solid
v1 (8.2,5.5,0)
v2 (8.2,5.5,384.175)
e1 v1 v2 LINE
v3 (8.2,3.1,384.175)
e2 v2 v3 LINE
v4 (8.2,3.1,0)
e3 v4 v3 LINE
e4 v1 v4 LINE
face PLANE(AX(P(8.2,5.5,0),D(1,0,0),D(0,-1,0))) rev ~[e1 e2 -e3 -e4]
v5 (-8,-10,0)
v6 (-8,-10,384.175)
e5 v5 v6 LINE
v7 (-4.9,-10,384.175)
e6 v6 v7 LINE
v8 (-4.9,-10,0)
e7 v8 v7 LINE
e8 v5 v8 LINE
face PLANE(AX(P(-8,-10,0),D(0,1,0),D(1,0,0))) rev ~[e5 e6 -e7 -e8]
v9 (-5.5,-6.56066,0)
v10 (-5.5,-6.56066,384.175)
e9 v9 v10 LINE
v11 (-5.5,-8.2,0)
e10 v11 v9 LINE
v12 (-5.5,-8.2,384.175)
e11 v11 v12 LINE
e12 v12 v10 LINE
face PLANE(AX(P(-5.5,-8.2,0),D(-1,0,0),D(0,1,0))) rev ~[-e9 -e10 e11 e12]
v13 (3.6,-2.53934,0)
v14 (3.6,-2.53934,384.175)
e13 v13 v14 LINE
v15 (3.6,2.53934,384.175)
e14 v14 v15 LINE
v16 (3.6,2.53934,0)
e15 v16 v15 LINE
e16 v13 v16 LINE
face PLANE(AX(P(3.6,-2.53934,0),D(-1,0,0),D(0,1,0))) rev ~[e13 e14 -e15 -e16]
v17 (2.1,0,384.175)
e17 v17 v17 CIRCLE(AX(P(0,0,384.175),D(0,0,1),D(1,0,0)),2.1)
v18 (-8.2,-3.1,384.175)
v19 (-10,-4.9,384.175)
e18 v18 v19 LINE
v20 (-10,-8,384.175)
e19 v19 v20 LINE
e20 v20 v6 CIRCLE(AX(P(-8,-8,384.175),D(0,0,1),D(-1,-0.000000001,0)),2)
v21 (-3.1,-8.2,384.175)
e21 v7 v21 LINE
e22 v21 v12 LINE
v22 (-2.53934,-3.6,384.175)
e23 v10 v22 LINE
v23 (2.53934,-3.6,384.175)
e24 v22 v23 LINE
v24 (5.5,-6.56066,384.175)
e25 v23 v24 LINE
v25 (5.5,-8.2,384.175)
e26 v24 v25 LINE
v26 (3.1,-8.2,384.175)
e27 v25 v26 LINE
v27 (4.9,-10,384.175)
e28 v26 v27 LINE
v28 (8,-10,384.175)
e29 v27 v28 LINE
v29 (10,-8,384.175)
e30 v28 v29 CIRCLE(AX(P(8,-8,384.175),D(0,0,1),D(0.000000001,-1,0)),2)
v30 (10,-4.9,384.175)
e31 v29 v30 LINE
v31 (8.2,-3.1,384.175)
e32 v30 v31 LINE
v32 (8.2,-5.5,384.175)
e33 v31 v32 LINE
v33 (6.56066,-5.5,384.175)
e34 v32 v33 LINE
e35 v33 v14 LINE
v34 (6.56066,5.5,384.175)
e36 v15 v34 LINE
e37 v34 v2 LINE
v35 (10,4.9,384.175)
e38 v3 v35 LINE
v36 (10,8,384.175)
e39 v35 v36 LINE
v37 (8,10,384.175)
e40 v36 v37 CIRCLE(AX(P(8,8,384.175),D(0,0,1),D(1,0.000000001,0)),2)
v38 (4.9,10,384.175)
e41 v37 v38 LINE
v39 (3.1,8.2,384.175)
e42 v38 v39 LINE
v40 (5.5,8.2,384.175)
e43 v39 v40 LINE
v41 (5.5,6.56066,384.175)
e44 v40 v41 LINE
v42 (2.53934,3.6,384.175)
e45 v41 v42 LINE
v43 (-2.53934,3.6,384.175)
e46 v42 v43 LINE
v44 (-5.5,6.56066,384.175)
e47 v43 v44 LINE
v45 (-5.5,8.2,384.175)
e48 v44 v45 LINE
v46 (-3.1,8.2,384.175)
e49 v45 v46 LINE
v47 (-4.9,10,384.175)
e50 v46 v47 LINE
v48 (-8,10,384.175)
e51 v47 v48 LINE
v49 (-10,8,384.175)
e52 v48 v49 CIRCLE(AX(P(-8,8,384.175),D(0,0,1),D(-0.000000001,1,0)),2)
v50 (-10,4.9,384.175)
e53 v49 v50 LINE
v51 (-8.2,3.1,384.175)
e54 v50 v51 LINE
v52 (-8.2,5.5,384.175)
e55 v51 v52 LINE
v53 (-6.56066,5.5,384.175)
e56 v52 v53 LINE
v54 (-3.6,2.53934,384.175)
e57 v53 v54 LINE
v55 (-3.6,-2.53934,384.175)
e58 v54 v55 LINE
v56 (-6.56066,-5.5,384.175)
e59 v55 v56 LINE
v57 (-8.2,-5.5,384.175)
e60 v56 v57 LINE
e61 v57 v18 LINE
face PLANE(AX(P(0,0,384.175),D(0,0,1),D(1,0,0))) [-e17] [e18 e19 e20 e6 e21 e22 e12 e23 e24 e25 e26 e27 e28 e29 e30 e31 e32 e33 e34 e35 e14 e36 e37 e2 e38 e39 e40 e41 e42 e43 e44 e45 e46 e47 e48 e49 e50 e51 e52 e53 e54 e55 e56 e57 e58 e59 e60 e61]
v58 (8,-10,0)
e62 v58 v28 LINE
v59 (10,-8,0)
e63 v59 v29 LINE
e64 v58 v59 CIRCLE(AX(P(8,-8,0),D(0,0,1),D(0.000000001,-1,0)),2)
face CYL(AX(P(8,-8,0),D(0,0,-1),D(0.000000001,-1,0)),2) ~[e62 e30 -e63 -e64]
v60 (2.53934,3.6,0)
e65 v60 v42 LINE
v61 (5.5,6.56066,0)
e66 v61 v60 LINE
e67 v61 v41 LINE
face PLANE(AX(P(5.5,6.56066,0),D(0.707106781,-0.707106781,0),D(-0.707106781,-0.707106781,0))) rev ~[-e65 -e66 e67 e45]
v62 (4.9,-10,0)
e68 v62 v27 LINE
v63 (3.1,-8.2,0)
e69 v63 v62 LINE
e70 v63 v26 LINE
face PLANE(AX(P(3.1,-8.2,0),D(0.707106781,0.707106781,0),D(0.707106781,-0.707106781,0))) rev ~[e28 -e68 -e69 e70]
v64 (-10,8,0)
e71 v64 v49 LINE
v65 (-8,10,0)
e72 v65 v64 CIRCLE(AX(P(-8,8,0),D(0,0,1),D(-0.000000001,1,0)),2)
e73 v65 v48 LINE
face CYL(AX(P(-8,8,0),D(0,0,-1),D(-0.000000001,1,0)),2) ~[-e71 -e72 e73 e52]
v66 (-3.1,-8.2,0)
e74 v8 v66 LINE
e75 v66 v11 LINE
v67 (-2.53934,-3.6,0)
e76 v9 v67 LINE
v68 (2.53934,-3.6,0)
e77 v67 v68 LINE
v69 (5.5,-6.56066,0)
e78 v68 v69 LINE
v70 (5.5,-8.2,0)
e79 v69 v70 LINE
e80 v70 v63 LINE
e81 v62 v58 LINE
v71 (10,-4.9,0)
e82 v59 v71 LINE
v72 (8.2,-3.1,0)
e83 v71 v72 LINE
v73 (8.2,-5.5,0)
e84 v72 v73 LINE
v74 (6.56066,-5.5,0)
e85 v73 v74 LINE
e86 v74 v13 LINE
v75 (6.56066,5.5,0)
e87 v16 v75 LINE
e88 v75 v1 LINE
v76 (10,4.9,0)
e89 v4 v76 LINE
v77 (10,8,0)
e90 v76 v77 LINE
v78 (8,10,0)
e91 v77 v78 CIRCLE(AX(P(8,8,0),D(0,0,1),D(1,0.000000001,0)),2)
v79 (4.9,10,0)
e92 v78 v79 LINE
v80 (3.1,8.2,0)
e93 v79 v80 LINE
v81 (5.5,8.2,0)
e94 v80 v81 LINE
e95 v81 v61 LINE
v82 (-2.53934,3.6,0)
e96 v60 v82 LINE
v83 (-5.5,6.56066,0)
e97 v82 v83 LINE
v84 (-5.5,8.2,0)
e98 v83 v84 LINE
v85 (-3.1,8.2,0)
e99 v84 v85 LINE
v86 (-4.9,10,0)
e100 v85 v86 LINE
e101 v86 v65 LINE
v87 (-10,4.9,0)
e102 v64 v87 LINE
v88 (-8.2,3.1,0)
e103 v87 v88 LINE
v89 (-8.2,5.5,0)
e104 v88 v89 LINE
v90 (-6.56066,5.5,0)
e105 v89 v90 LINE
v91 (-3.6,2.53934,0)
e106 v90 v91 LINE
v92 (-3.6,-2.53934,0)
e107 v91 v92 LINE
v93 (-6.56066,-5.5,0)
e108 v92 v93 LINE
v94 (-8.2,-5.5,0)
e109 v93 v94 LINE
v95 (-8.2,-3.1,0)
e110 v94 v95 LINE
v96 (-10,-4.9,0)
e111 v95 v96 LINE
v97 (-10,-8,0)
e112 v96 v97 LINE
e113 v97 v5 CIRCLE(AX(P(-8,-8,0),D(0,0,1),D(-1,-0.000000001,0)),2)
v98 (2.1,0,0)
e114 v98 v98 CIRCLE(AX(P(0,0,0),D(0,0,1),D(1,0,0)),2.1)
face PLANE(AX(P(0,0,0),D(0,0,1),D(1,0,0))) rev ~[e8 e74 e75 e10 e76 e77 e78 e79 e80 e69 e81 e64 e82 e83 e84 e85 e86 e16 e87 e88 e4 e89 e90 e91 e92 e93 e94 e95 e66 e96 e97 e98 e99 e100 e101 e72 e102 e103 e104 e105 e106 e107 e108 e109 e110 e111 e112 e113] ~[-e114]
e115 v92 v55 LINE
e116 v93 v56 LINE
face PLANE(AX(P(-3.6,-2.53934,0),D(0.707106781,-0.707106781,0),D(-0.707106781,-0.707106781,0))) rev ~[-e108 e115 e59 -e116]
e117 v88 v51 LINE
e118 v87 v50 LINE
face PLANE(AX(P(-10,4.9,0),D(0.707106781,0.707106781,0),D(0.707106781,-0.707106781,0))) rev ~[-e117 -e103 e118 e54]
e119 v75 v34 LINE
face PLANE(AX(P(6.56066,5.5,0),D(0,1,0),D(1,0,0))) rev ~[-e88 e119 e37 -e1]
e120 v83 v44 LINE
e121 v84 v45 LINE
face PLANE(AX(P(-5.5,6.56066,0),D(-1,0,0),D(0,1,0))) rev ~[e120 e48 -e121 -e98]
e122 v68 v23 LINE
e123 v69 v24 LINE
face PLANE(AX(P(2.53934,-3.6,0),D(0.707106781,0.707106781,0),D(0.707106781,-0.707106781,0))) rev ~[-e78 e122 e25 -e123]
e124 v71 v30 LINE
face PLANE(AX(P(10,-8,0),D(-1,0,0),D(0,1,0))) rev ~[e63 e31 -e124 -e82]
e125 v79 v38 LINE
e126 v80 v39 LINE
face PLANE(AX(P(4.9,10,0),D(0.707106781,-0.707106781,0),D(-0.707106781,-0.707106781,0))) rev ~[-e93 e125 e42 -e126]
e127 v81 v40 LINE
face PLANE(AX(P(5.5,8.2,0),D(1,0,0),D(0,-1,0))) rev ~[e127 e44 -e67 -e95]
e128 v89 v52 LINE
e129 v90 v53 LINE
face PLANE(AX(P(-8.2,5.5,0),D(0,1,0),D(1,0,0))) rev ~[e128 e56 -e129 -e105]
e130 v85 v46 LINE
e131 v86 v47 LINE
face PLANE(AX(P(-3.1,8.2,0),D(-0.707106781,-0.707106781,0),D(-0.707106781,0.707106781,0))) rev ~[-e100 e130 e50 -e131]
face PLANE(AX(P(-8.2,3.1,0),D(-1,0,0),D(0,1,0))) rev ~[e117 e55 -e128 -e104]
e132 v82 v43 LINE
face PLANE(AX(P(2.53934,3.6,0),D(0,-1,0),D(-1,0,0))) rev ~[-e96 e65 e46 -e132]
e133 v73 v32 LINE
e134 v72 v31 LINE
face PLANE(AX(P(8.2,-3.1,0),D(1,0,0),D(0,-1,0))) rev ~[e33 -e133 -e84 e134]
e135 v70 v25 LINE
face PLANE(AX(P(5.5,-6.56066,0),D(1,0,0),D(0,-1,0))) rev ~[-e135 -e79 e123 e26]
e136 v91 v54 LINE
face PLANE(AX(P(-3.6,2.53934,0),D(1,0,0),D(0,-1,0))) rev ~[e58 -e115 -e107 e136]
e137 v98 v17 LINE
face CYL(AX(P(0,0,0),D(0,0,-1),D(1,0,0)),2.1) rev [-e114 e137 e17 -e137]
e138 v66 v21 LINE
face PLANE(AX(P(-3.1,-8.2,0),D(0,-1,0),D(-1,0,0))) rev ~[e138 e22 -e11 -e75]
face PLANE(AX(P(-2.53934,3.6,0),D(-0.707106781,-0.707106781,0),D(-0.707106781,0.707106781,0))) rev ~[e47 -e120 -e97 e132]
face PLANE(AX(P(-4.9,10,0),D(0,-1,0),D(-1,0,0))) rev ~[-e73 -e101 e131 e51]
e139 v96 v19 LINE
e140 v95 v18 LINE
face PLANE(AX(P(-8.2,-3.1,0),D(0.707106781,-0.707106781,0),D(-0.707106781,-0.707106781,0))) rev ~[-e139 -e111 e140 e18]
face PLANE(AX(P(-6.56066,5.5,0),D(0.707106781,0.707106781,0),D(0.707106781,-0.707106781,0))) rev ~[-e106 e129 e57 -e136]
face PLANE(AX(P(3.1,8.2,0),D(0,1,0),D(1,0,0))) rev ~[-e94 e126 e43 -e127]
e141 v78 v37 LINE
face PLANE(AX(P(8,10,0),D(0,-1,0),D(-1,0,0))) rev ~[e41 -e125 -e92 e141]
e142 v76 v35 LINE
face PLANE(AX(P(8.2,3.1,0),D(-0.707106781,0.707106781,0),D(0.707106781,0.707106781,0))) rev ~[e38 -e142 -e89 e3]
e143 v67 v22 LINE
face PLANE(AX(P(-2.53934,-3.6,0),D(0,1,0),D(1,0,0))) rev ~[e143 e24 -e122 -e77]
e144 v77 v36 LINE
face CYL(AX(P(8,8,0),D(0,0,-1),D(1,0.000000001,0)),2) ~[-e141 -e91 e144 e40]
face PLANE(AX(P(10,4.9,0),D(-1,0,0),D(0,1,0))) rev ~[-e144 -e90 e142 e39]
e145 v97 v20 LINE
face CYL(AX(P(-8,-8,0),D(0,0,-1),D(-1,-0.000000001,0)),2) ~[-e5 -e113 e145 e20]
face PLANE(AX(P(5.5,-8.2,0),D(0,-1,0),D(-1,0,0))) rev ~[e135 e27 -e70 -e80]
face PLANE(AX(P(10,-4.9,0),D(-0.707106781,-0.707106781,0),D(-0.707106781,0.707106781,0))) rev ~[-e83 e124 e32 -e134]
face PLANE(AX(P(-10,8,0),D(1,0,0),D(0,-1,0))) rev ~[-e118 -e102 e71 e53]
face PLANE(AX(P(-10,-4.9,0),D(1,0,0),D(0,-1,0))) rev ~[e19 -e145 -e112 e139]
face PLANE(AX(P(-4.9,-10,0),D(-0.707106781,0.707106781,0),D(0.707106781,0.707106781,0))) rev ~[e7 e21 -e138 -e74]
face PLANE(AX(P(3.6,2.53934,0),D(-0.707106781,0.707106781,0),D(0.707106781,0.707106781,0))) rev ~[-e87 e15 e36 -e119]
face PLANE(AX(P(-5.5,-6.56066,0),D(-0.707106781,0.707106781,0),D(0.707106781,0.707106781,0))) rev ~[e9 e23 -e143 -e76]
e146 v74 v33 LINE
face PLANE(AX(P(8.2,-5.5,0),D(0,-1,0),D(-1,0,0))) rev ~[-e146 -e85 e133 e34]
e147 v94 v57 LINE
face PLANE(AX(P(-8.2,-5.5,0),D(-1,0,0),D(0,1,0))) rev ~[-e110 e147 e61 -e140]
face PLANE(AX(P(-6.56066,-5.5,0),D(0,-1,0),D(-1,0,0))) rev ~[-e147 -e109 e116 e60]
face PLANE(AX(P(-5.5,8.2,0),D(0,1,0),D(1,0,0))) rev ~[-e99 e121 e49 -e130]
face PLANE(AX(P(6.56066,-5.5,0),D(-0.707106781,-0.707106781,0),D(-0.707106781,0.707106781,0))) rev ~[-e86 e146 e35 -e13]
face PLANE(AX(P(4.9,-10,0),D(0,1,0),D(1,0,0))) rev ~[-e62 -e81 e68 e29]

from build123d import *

# Parameters (mm, degrees)
SKETCH1_R           = 2.1
BOSS_EXTRUDE1_DEPTH = 384.175


with BuildPart() as part:
    # Sketch1 → Boss-Extrude1 (new body)
    with BuildSketch(Plane.XY):
        with BuildLine():
            Line((-4.9, -10), (-3.1, -8.2))
            Line((-3.1, -8.2), (-5.5, -8.2))
            Line((-5.5, -8.2), (-5.5, -6.560660172))
            Line((-5.5, -6.560660172), (-2.539339828, -3.6))
            Line((-2.539339828, -3.6), (2.539339828, -3.6))
            Line((2.539339828, -3.6), (5.5, -6.560660172))
            Line((5.5, -6.560660172), (5.5, -8.2))
            Line((5.5, -8.2), (3.1, -8.2))
            Line((3.1, -8.2), (4.9, -10))
            Line((4.9, -10), (8, -10))
            ThreePointArc((8, -10), (9.414213562, -9.414213562), (10, -8))
            Line((10, -8), (10, -4.9))
            Line((10, -4.9), (8.2, -3.1))
            Line((8.2, -3.1), (8.2, -5.5))
            Line((8.2, -5.5), (6.560660172, -5.5))
            Line((6.560660172, -5.5), (3.6, -2.539339828))
            Line((3.6, -2.539339828), (3.6, 2.539339828))
            Line((3.6, 2.539339828), (6.560660172, 5.5))
            Line((6.560660172, 5.5), (8.2, 5.5))
            Line((8.2, 5.5), (8.2, 3.1))
            Line((8.2, 3.1), (10, 4.9))
            Line((10, 4.9), (10, 8))
            ThreePointArc((10, 8), (9.414213562, 9.414213562), (8, 10))
            Line((8, 10), (4.9, 10))
            Line((4.9, 10), (3.1, 8.2))
            Line((3.1, 8.2), (5.5, 8.2))
            Line((5.5, 8.2), (5.5, 6.560660172))
            Line((5.5, 6.560660172), (2.539339828, 3.6))
            Line((2.539339828, 3.6), (-2.539339828, 3.6))
            Line((-2.539339828, 3.6), (-5.5, 6.560660172))
            Line((-5.5, 6.560660172), (-5.5, 8.2))
            Line((-5.5, 8.2), (-3.1, 8.2))
            Line((-3.1, 8.2), (-4.9, 10))
            Line((-4.9, 10), (-8, 10))
            ThreePointArc((-8, 10), (-9.414213562, 9.414213562), (-10, 8))
            Line((-10, 8), (-10, 4.9))
            Line((-10, 4.9), (-8.2, 3.1))
            Line((-8.2, 3.1), (-8.2, 5.5))
            Line((-8.2, 5.5), (-6.560660172, 5.5))
            Line((-6.560660172, 5.5), (-3.6, 2.539339828))
            Line((-3.6, 2.539339828), (-3.6, -2.539339828))
            Line((-3.6, -2.539339828), (-6.560660172, -5.5))
            Line((-6.560660172, -5.5), (-8.2, -5.5))
            Line((-8.2, -5.5), (-8.2, -3.1))
            Line((-8.2, -3.1), (-10, -4.9))
            Line((-10, -4.9), (-10, -8))
            ThreePointArc((-10, -8), (-9.414213562, -9.414213562), (-8, -10))
            Line((-8, -10), (-4.9, -10))
        make_face()
        Circle(SKETCH1_R, mode=Mode.SUBTRACT)
    extrude(amount=BOSS_EXTRUDE1_DEPTH)


solid = part.part
